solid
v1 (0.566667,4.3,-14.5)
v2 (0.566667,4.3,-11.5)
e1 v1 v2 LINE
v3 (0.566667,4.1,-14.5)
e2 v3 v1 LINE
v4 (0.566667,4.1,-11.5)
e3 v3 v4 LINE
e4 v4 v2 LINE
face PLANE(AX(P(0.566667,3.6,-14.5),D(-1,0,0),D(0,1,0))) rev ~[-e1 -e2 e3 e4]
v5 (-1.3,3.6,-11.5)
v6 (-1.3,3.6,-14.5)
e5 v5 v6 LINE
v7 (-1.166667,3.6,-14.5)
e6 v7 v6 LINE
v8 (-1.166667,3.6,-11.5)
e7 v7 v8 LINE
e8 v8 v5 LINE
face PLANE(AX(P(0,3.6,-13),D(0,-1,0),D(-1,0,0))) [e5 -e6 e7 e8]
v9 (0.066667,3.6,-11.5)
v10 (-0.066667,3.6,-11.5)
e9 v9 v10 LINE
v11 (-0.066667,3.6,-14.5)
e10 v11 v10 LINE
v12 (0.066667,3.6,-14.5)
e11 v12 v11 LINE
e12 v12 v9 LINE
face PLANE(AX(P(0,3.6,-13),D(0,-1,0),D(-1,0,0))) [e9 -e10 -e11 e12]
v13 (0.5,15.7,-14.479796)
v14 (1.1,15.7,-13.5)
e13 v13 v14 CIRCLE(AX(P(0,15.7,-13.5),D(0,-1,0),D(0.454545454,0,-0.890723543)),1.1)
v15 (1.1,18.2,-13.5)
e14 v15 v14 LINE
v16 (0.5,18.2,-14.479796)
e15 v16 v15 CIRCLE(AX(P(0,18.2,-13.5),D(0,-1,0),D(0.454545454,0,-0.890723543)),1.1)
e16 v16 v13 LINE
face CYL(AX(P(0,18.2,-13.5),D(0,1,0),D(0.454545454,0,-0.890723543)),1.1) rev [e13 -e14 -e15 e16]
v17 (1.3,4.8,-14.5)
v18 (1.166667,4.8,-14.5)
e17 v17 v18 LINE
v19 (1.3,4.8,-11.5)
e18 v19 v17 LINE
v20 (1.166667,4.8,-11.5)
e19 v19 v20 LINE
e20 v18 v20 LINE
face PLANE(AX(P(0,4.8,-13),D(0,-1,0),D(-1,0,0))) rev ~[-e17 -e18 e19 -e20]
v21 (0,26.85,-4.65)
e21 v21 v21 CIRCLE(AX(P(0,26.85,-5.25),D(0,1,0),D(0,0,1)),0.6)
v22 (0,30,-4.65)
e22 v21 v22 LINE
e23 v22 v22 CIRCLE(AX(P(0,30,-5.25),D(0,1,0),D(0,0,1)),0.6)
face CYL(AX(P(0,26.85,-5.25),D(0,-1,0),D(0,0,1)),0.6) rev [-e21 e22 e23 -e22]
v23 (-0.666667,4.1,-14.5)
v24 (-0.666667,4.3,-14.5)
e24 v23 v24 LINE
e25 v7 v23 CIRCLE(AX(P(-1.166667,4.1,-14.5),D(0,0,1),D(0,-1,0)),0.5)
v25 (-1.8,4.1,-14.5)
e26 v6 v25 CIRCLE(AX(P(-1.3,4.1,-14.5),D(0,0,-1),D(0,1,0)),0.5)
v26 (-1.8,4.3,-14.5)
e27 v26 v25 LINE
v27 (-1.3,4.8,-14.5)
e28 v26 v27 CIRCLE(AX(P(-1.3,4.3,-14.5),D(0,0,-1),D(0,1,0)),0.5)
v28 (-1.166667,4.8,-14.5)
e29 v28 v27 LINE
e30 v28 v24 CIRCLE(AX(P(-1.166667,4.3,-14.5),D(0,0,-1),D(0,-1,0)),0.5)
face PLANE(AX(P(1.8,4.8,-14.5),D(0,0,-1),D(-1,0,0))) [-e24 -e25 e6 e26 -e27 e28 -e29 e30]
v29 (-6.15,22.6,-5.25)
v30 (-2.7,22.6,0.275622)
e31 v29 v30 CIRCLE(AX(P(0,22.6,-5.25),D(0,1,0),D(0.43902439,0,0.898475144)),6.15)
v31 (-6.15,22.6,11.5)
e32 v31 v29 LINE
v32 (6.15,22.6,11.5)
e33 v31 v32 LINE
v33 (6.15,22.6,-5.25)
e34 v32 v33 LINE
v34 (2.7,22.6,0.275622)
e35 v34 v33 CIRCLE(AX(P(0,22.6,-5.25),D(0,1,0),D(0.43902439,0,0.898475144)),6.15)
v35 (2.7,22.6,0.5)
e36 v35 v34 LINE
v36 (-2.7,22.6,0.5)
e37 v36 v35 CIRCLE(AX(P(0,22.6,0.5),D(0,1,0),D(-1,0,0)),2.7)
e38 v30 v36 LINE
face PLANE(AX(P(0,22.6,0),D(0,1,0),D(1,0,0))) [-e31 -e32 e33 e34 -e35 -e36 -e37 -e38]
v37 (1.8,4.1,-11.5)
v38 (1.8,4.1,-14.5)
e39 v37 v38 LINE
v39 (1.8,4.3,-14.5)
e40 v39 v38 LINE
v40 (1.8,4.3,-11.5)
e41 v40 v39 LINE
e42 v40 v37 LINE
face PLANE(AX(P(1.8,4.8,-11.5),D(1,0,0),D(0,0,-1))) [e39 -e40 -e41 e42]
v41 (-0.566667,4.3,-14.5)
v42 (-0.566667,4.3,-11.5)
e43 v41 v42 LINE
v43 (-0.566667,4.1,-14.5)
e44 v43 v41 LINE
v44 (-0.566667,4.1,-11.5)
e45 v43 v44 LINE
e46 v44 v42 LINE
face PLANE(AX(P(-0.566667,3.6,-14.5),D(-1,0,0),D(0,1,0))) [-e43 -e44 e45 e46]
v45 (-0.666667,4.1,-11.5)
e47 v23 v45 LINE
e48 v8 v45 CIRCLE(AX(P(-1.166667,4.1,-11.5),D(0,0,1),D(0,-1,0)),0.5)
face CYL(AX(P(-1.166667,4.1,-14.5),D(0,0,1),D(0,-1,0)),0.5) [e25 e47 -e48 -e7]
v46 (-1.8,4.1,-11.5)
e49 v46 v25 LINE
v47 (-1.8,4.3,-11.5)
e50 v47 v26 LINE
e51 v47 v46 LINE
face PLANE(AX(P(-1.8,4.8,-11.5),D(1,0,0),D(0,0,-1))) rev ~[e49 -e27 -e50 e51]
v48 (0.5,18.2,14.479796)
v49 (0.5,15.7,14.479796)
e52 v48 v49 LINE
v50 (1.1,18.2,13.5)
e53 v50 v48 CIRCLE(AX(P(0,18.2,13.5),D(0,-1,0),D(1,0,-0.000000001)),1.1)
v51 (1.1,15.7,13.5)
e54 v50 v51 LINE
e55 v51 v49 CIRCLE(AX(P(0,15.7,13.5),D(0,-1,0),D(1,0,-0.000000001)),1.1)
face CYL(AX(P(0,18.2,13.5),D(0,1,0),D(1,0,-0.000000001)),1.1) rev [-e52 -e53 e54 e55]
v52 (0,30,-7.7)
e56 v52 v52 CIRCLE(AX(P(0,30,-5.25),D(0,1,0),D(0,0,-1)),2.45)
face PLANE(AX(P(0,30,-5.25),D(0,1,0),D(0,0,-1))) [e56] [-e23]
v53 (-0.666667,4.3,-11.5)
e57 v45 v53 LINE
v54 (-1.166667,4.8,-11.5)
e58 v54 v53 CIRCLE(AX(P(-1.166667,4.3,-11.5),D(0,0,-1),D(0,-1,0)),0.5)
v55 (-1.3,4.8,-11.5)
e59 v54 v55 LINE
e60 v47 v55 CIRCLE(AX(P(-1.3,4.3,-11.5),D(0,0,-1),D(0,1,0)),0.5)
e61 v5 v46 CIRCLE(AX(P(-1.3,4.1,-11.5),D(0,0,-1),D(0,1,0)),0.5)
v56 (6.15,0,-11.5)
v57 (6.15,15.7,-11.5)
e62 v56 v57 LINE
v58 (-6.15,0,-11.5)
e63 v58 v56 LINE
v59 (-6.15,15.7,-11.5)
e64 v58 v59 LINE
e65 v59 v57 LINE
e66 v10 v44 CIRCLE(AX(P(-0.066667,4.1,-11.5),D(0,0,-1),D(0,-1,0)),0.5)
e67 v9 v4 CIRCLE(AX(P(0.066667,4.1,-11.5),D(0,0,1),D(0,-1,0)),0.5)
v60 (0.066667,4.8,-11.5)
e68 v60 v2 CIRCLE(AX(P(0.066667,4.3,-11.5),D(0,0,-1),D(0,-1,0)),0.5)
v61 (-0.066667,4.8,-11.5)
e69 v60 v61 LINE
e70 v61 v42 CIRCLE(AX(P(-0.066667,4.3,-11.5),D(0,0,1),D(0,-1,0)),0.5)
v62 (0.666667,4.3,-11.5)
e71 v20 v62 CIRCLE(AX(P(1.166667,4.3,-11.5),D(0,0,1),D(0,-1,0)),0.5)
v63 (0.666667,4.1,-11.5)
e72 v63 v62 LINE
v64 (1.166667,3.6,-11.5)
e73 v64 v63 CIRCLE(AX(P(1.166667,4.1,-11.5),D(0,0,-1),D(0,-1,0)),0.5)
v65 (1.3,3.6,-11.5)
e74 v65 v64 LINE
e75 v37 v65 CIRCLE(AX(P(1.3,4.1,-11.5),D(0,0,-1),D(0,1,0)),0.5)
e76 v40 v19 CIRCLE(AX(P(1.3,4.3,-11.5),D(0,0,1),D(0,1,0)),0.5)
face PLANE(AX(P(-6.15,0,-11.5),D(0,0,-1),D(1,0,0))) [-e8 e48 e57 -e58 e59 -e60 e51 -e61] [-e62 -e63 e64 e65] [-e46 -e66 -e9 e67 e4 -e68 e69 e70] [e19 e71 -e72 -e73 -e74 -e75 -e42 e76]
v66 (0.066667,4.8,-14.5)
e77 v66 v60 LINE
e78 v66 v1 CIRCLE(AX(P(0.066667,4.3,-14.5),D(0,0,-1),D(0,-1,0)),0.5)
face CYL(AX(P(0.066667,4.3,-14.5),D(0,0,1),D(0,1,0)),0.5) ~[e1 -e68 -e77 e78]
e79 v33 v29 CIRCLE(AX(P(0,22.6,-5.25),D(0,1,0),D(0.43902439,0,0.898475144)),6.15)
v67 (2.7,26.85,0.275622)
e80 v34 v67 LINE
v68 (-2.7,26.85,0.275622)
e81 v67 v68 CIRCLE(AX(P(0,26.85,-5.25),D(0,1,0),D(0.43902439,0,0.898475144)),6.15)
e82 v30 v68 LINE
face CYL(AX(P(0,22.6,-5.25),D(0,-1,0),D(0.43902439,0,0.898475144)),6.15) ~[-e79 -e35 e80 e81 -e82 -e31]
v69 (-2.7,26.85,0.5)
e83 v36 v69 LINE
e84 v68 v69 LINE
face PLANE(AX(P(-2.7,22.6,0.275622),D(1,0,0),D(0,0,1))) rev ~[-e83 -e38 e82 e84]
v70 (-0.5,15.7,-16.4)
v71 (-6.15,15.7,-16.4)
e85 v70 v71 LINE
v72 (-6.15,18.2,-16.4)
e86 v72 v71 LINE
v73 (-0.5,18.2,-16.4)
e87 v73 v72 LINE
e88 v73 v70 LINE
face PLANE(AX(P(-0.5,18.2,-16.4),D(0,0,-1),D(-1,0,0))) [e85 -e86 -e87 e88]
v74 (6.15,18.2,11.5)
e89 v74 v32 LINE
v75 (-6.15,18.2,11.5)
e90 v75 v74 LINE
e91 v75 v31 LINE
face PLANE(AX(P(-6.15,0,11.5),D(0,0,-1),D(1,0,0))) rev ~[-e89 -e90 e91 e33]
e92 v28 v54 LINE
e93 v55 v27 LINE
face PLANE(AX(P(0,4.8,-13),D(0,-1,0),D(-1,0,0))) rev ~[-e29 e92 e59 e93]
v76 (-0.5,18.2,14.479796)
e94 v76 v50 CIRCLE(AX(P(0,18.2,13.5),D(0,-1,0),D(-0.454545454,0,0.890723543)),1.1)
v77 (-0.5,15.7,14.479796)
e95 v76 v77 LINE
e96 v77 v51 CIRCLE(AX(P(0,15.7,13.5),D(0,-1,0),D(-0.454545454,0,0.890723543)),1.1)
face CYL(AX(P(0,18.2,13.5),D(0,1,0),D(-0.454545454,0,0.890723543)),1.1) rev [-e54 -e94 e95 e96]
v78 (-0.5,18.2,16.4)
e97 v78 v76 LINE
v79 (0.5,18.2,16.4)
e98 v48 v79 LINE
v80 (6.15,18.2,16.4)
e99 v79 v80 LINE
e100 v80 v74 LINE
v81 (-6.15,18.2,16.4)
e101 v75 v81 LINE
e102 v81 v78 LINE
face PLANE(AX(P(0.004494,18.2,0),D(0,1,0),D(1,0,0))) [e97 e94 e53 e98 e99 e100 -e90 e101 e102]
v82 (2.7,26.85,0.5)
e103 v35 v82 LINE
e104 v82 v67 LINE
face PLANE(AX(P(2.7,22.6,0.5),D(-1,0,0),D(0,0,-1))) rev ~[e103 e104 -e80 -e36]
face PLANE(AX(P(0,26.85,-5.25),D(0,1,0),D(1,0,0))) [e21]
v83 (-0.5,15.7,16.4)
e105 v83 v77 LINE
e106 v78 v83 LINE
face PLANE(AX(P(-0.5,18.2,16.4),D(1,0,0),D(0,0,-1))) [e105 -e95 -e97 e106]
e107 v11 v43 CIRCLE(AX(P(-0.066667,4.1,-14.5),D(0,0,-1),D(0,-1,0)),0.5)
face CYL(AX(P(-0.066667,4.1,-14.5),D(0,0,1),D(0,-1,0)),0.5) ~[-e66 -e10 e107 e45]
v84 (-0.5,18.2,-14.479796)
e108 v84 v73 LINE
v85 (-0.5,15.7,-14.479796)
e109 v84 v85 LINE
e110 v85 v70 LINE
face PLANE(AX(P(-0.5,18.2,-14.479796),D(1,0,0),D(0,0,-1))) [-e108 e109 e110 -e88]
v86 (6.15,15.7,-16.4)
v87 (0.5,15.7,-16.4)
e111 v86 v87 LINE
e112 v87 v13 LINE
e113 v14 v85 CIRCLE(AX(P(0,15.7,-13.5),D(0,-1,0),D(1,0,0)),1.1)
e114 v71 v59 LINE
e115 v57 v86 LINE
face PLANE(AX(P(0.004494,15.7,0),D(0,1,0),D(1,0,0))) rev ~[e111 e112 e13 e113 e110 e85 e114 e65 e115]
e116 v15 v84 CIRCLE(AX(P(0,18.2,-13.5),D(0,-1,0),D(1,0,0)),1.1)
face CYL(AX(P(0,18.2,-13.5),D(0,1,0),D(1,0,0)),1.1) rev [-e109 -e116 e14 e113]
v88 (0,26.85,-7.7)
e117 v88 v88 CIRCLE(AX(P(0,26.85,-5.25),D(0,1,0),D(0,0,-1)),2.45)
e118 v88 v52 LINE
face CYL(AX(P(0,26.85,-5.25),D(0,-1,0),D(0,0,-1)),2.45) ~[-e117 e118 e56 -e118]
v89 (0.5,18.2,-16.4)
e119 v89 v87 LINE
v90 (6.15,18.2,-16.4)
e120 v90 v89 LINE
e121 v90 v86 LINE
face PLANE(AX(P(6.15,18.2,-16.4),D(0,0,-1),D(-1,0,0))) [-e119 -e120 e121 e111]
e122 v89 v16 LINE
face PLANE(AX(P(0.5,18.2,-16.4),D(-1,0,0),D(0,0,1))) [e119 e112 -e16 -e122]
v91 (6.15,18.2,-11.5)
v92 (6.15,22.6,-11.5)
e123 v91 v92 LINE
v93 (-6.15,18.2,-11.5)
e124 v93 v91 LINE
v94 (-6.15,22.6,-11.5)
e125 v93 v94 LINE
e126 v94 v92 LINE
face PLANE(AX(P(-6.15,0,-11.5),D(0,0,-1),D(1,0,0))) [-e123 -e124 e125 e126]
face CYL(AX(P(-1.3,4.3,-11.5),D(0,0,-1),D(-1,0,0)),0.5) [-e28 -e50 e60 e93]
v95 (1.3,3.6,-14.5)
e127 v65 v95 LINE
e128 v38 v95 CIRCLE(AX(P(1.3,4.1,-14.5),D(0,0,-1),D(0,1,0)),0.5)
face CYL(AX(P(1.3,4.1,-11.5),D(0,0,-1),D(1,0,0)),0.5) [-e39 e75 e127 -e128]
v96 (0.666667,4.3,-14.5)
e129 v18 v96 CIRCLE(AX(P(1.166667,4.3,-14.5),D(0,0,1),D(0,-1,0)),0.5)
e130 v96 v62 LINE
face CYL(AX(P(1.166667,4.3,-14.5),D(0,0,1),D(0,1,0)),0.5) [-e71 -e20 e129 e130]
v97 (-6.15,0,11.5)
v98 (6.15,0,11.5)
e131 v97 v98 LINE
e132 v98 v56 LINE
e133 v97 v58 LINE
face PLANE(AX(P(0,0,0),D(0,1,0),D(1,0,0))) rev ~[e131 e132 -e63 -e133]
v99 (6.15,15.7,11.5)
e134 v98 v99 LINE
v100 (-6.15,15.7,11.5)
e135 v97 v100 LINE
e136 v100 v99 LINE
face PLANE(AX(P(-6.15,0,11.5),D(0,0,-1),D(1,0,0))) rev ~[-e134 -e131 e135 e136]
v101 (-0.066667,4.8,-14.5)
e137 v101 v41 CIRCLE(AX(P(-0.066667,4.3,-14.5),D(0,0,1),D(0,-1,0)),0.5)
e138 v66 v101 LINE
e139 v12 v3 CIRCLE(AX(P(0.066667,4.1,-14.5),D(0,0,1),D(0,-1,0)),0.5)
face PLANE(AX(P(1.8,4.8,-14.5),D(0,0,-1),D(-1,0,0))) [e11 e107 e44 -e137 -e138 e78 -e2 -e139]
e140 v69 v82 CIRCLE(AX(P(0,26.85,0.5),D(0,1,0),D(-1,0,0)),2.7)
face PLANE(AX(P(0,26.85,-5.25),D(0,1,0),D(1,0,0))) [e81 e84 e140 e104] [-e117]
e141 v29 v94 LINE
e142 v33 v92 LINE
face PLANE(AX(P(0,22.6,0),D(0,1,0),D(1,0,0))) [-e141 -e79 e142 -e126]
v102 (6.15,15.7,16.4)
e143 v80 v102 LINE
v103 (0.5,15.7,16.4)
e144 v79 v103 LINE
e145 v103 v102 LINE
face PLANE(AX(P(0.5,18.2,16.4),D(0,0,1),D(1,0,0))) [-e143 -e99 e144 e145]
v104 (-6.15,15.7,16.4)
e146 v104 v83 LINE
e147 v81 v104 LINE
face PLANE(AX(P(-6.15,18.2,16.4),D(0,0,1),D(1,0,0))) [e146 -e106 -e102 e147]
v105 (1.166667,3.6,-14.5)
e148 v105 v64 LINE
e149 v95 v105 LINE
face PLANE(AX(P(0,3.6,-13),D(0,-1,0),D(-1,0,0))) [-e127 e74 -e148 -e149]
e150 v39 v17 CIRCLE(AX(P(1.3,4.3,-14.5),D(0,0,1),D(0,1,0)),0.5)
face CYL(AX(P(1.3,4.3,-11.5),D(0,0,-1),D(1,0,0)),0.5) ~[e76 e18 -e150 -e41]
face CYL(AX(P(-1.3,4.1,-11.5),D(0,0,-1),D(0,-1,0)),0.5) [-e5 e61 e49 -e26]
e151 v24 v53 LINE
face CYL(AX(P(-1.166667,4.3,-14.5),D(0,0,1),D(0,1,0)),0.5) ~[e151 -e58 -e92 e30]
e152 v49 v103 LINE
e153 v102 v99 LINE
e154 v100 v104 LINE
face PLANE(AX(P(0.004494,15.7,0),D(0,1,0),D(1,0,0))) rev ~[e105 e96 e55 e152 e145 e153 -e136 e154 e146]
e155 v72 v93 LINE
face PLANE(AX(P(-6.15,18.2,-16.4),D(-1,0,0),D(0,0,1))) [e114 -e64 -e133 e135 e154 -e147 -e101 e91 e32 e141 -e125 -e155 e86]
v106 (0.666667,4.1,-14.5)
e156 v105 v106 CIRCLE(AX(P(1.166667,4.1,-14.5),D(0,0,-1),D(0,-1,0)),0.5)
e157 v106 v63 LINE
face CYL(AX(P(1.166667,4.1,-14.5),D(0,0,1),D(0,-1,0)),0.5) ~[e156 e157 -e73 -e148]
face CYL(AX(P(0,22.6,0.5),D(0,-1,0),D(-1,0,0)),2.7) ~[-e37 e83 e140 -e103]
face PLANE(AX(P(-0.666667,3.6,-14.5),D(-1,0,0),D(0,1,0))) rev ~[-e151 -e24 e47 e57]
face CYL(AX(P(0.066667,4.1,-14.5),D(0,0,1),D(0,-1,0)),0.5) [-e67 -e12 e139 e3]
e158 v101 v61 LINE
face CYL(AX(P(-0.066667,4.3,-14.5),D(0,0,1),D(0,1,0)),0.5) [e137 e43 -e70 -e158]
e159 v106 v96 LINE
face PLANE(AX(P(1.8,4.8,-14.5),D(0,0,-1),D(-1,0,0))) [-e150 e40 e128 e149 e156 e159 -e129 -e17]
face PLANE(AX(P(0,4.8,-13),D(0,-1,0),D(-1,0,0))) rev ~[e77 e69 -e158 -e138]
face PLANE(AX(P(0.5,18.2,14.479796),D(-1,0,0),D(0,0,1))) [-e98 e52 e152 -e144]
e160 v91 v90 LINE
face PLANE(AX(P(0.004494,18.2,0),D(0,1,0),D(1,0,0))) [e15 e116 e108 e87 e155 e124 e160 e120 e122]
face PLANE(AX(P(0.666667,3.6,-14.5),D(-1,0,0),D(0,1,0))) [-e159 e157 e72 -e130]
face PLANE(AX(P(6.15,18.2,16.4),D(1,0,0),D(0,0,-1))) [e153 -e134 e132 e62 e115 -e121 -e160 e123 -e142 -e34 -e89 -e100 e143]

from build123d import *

# Parameters (mm, degrees)
IZIM1_W                     = 12.3
IZIM1_H                     = 23
Y_KSEKLIK_EKSTR_ZYON1_DEPTH = 22.6
Y_KSEKLIK_EKSTR_ZYON2_DEPTH = 2.5
IZIM3_W                     = 3.6
IZIM3_H                     = 3
Y_KSEKLIK_EKSTR_ZYON3_DEPTH = 1.2
IZIM4_R                     = 6.15
Y_KSEKLIK_EKSTR_ZYON4_DEPTH = 4.25
IZIM5_R                     = 2.45
IZIM5_R_2                   = 0.6
Y_KSEKLIK_EKSTR_ZYON6_DEPTH = 3.15
IZIM6_W                     = 0.1
IZIM6_H                     = 1.2
KES_EKSTR_ZYON1_DEPTH       = 3
RADYUS1_R                   = 0.5


with BuildPart() as part:
    # Çizim1 → Yükseklik-Ekstrüzyon1 (new body)
    with BuildSketch(Plane(origin=(0, 0, 0), x_dir=(1, 0, 0), z_dir=(0, 1, 0))):
        Rectangle(IZIM1_W, IZIM1_H)
    extrude(amount=Y_KSEKLIK_EKSTR_ZYON1_DEPTH)

    # Çizim2 → Yükseklik-Ekstrüzyon2 (add)
    with BuildSketch(Plane(origin=(0, 18.2, 0), x_dir=(1, 0, 0), z_dir=(0, 1, 0))):
        with BuildLine():
            Line((-6.15, 16.4), (-6.15, -16.4))
            Line((-6.15, -16.4), (-0.5, -16.4))
            Line((-0.5, -16.4), (-0.5, -14.479795897))
            ThreePointArc((-0.5, -14.479795897), (-0.574456265, -12.561916848), (1.1, -13.5))
            ThreePointArc((1.1, -13.5), (0.938083152, -14.074456265), (0.5, -14.479795897))
            Line((0.5, -14.479795897), (0.5, -16.4))
            Line((0.5, -16.4), (6.15, -16.4))
            Line((6.15, -16.4), (6.15, 16.4))
            Line((6.15, 16.4), (0.5, 16.4))
            Line((0.5, 16.4), (0.5, 14.479795897))
            ThreePointArc((0.5, 14.479795897), (0.938083152, 14.074456265), (1.1, 13.5))
            ThreePointArc((1.1, 13.5), (-0.574456265, 12.561916848), (-0.5, 14.479795897))
            Line((-0.5, 14.479795897), (-0.5, 16.4))
            Line((-0.5, 16.4), (-6.15, 16.4))
        make_face()
    extrude(amount=-Y_KSEKLIK_EKSTR_ZYON2_DEPTH)

    # Çizim3 → Yükseklik-Ekstrüzyon3 (add)
    with BuildSketch(Plane(origin=(0, 4.8, 0), x_dir=(-1, 0, 0), z_dir=(0, -1, 0))):
        with Locations((0, 13)):
            Rectangle(IZIM3_W, IZIM3_H)
    extrude(amount=Y_KSEKLIK_EKSTR_ZYON3_DEPTH)

    # Çizim4 → Yükseklik-Ekstrüzyon4 (add)
    with BuildSketch(Plane(origin=(0, 22.6, 0), x_dir=(1, 0, 0), z_dir=(0, 1, 0))):
        with Locations((0, 5.25)):
            Circle(IZIM4_R)
        with BuildLine():
            Line((-2.7, -0.275622137), (-2.7, -0.5))
            ThreePointArc((-2.7, -0.5), (0, -3.2), (2.7, -0.5))
            Line((2.7, -0.5), (2.7, -0.275622137))
            ThreePointArc((2.7, -0.275622137), (0, -0.9), (-2.7, -0.275622137))
        make_face()
    extrude(amount=Y_KSEKLIK_EKSTR_ZYON4_DEPTH)

    # Çizim5 → Yükseklik-Ekstrüzyon6 (add)
    with BuildSketch(Plane(origin=(0, 26.85, 0), x_dir=(1, 0, 0), z_dir=(0, 1, 0))):
        with Locations(Location((0, 5.25, 0), (0, 0, 90))):
            Circle(IZIM5_R)
        with Locations(Location((0, 5.25, 0), (0, 0, 270))):
            Circle(IZIM5_R_2, mode=Mode.SUBTRACT)
    extrude(amount=Y_KSEKLIK_EKSTR_ZYON6_DEPTH)

    # Çizim6 → Kes-Ekstrüzyon1 (cut)
    with BuildSketch(Plane(origin=(0, 0, -14.5), x_dir=(-1, 0, 0), z_dir=(0, 0, -1))):
        with Locations((-0.616666667, 4.2)):
            Rectangle(IZIM6_W, IZIM6_H)
        with Locations((0.616666667, 4.2)):
            Rectangle(IZIM6_W, IZIM6_H)
    extrude(amount=-KES_EKSTR_ZYON1_DEPTH, mode=Mode.SUBTRACT)

    # Radyus1
    radyus1_edges = [part.edges().sort_by_distance(p)[0] for p in [
        (0.566666667, 3.6, -13),
        (0.566666667, 4.8, -13),
        (0.666666667, 4.8, -13),
        (0.666666667, 3.6, -13),
        (-0.666666667, 3.6, -13),
        (-0.666666667, 4.8, -13),
        (-0.566666667, 4.8, -13),
        (-0.566666667, 3.6, -13),
        (1.8, 4.8, -13),
        (-1.8, 4.8, -13),
        (1.8, 3.6, -13),
        (-1.8, 3.6, -13),
    ]]
    fillet(radyus1_edges, radius=RADYUS1_R)


solid = part.part
